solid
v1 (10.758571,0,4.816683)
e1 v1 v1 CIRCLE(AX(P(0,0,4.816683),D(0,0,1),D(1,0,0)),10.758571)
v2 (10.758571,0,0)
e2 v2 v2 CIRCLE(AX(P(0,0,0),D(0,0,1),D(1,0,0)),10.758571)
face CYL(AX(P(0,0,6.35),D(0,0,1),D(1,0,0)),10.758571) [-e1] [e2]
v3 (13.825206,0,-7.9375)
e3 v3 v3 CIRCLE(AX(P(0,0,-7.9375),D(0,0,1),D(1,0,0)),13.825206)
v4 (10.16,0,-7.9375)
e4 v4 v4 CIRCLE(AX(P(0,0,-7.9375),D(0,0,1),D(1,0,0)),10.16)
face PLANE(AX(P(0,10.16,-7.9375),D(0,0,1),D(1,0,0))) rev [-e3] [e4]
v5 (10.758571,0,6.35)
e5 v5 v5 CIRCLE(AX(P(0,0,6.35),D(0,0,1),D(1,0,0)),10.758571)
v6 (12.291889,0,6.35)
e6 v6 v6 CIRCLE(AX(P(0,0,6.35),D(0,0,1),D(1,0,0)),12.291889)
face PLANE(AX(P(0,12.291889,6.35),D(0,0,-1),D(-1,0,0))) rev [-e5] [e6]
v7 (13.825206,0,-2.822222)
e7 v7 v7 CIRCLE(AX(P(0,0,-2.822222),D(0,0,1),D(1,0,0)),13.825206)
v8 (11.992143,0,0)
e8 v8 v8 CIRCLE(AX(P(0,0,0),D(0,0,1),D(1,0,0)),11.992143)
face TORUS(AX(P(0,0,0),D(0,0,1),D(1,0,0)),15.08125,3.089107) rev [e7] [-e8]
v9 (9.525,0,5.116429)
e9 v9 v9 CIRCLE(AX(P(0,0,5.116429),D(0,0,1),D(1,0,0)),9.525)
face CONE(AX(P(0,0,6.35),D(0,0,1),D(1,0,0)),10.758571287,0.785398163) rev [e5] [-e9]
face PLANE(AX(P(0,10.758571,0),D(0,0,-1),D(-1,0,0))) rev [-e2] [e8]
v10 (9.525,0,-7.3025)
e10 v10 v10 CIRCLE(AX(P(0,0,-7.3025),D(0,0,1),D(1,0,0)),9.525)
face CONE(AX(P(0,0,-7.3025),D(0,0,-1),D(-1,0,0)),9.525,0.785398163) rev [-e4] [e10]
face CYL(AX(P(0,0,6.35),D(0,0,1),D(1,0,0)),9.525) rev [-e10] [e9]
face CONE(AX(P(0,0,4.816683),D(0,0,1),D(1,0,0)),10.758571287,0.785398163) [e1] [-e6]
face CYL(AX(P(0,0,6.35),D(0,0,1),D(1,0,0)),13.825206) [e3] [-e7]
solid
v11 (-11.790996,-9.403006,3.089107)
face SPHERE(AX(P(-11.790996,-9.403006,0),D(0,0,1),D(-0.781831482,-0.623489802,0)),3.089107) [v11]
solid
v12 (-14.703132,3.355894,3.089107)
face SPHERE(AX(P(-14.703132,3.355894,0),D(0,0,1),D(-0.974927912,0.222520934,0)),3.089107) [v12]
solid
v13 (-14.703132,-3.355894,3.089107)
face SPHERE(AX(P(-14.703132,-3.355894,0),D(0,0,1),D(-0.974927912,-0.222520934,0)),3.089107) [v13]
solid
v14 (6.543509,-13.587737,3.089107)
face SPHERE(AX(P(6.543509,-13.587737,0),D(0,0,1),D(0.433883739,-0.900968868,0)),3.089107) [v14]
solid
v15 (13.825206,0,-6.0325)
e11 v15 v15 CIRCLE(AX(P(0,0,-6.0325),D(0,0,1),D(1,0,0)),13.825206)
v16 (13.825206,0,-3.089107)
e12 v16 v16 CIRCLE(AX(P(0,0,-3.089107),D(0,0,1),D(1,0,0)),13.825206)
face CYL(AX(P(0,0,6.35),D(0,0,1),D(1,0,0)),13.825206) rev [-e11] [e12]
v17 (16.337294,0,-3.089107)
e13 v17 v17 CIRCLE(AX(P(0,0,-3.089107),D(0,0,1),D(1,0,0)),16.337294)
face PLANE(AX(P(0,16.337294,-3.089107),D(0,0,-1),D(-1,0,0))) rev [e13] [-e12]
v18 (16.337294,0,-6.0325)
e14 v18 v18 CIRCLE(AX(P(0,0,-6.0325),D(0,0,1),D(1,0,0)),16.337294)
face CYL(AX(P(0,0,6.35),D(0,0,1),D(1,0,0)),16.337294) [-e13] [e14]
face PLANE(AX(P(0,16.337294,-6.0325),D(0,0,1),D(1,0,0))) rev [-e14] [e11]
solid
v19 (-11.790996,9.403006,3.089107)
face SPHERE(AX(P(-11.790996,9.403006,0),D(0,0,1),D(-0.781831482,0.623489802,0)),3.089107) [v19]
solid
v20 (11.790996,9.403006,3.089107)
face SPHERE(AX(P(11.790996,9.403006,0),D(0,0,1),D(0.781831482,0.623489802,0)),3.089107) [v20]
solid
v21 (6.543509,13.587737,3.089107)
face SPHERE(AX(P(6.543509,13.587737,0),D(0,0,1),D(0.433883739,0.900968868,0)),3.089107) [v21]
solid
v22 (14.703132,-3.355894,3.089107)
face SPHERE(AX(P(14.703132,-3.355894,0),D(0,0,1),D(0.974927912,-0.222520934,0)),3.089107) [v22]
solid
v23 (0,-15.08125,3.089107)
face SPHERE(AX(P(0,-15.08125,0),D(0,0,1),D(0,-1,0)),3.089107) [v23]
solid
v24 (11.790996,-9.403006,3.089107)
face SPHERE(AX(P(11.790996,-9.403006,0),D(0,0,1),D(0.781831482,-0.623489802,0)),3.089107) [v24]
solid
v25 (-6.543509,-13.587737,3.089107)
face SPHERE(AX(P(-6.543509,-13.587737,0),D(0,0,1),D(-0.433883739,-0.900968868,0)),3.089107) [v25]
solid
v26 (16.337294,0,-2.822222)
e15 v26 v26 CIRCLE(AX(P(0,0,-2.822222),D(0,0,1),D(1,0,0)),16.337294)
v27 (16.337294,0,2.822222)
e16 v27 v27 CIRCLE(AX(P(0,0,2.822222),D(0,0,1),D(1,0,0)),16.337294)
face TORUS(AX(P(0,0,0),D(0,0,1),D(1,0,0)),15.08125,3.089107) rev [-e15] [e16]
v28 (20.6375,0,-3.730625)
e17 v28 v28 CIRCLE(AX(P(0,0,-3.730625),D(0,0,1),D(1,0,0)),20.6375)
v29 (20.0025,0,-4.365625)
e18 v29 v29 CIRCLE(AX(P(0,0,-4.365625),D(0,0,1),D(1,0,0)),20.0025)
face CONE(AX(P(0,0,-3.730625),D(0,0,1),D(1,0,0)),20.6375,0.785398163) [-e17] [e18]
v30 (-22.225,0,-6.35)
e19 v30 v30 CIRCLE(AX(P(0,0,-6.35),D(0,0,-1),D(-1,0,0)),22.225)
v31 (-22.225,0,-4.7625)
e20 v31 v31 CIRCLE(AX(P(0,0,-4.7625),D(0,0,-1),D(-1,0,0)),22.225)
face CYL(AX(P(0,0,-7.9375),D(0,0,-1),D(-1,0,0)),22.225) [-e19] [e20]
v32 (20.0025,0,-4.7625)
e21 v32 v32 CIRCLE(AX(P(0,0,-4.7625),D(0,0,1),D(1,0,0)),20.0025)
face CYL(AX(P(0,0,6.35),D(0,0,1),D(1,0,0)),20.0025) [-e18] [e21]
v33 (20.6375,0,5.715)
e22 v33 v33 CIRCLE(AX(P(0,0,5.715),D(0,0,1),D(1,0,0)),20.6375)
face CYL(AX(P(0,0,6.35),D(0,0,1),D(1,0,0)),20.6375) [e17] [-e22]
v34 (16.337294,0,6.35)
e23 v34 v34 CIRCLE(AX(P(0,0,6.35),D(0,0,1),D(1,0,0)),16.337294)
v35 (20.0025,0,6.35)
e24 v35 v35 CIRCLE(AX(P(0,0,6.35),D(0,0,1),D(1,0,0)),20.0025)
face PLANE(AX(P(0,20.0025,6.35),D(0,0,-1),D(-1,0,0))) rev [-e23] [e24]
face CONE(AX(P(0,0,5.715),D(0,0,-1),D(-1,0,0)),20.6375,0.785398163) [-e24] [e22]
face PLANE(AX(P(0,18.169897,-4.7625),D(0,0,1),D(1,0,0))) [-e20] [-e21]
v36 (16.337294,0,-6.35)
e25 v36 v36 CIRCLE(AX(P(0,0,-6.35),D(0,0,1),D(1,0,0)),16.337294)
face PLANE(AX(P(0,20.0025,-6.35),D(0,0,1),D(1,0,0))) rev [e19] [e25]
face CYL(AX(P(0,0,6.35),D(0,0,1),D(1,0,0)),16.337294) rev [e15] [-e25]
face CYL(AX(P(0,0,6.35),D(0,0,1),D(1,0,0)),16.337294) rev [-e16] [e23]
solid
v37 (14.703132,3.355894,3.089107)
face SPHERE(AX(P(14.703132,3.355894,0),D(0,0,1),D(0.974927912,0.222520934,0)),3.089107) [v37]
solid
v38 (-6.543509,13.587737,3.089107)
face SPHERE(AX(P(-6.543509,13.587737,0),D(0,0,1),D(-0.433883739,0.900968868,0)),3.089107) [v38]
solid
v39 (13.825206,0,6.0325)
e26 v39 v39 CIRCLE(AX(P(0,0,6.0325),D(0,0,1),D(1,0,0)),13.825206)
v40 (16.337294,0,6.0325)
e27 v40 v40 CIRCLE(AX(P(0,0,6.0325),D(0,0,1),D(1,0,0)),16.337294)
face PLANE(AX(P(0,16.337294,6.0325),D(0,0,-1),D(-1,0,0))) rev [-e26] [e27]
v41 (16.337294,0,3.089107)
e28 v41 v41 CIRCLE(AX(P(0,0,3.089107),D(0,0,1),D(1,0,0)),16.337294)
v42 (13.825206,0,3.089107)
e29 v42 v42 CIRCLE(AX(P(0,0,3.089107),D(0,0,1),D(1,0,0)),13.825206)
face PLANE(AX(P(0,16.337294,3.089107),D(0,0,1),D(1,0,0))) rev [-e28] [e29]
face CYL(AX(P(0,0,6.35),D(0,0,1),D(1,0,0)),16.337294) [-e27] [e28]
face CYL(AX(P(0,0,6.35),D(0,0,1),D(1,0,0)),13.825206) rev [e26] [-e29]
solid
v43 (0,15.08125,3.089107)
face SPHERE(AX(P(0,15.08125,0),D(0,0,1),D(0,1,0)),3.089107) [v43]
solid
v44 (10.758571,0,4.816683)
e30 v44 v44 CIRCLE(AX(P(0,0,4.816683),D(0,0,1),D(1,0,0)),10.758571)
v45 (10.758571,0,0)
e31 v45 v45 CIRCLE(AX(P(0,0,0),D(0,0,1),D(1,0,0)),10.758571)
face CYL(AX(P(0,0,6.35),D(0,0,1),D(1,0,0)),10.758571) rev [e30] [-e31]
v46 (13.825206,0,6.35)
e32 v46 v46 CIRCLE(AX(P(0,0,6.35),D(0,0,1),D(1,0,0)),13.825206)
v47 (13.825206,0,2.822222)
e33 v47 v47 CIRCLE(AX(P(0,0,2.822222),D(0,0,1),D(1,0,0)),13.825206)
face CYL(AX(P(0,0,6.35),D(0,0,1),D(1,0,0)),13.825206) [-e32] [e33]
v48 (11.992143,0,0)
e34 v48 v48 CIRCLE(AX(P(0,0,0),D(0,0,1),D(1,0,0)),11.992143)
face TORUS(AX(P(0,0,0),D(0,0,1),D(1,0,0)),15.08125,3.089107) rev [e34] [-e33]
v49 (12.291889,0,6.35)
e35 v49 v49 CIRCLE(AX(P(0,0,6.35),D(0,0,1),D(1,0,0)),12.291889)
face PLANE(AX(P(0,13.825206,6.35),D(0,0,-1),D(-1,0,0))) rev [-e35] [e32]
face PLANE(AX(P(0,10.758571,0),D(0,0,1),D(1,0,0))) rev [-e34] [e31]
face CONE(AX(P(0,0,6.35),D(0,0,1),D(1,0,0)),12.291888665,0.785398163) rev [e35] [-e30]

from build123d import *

# Parameters (mm, degrees)
SKETCH5_W         = 1.5875
SKETCH5_H         = 4.055103022
CIRPATTERN1_COUNT = 14
SKETCH7_W         = 2.943392574
SKETCH7_H         = 2.512087912


with BuildPart() as part:
    # Sketch1 → Revolve1 (revolve)
    with BuildSketch(Plane(origin=(0, 0, 0), x_dir=(0, 0, -1), z_dir=(1, 0, 0))):
        with BuildLine():
            Line((5.715, 20.6375), (-5.715, 20.6375))
            Line((-5.715, 20.6375), (-6.35, 20.0025))
            Line((-6.35, 20.0025), (-6.35, 16.337293956))
            Line((-6.35, 16.337293956), (-2.822222222, 16.337293956))
            ThreePointArc((-2.822222222, 16.337293956), (0, 18.170357426), (2.822222222, 16.337293956))
            Line((2.822222222, 16.337293956), (6.35, 16.337293956))
            Line((6.35, 16.337293956), (6.35, 20.0025))
            Line((6.35, 20.0025), (5.715, 20.6375))
        make_face()
    revolve(axis=Axis((0, 0, 6.35), (0, 0, -1)))

    # Sketch5 → Revolve5 (revolve)
    with BuildSketch(Plane(origin=(0, 0, 0), x_dir=(0, 0, -1), z_dir=(1, 0, 0))):
        with Locations((5.55625, 20.197448489)):
            Rectangle(SKETCH5_W, SKETCH5_H)
    revolve(axis=Axis((0, 0, -7.9375), (0, 0, 1)))

    # Sketch6 → Cut-Revolve1 (revolve, cut)
    with BuildSketch(Plane(origin=(0, 0, 0), x_dir=(0, 0, -1), z_dir=(1, 0, 0))):
        Polygon((3.730625, 20.6375), (4.365625, 20.0025), (4.7625, 20.0025), (4.7625, 20.6375), align=None)
    revolve(axis=Axis((0, 0, 6.35), (0, 0, -1)), mode=Mode.SUBTRACT)


with BuildPart() as body_2:
    # Sketch2 → Revolve2 (revolve)
    with BuildSketch(Plane(origin=(0, 0, 0), x_dir=(0, 0, -1), z_dir=(1, 0, 0))):
        with BuildLine():
            Line((-6.35, 13.825206044), (-2.822222222, 13.825206044))
            ThreePointArc((-2.822222222, 13.825206044), (-1.682636321, 12.490628511), (0, 11.992142574))
            Line((0, 11.992142574), (0, 10.758571287))
            Line((0, 10.758571287), (-4.816682621, 10.758571287))
            Line((-4.816682621, 10.758571287), (-6.35, 12.291888665))
            Line((-6.35, 12.291888665), (-6.35, 13.825206044))
        make_face()
    revolve(axis=Axis((0, 0, 6.35), (0, 0, -1)))


with BuildPart() as body_3:
    # Sketch3 → Revolve3 (revolve)
    with BuildSketch(Plane(origin=(0, 0, 0), x_dir=(0, 0, -1), z_dir=(1, 0, 0))):
        with BuildLine():
            Line((-6.35, 12.291888665), (-4.816682621, 10.758571287))
            Line((-4.816682621, 10.758571287), (0, 10.758571287))
            Line((0, 10.758571287), (0, 11.992142574))
            ThreePointArc((0, 11.992142574), (1.682636321, 12.490628511), (2.822222222, 13.825206044))
            Line((2.822222222, 13.825206044), (7.9375, 13.825206044))
            Line((7.9375, 13.825206044), (7.9375, 10.16))
            Line((7.9375, 10.16), (7.3025, 9.525))
            Line((7.3025, 9.525), (-5.116428713, 9.525))
            Line((-5.116428713, 9.525), (-6.35, 10.758571287))
            Line((-6.35, 10.758571287), (-6.35, 12.291888665))
        make_face()
    revolve(axis=Axis((0, 0, 6.35), (0, 0, -1)))


with BuildPart() as body_4:
    # Sketch4 → Revolve4 (revolve)
    with BuildSketch(Plane(origin=(0, 0, 0), x_dir=(0, 0, -1), z_dir=(1, 0, 0))):
        with BuildLine():
            Line((-3.089107426, 15.08125), (3.089107426, 15.08125))
            ThreePointArc((3.089107426, 15.08125), (0, 18.170357426), (-3.089107426, 15.08125))
        make_face()
    revolve(axis=Axis((0, 15.08125, 3.089107426), (0, 0, -1)))


with BuildPart() as cirpattern1_1:
    # CirPattern1: pattern copy
    add(body_4.part.rotate(Axis((0, 0, -6.35), (0, 0, 1)), 1 * 360 / CIRPATTERN1_COUNT))


with BuildPart() as cirpattern1_2:
    # CirPattern1: pattern copy
    add(body_4.part.rotate(Axis((0, 0, -6.35), (0, 0, 1)), 2 * 360 / CIRPATTERN1_COUNT))


with BuildPart() as cirpattern1_3:
    # CirPattern1: pattern copy
    add(body_4.part.rotate(Axis((0, 0, -6.35), (0, 0, 1)), 3 * 360 / CIRPATTERN1_COUNT))


with BuildPart() as cirpattern1_4:
    # CirPattern1: pattern copy
    add(body_4.part.rotate(Axis((0, 0, -6.35), (0, 0, 1)), 4 * 360 / CIRPATTERN1_COUNT))


with BuildPart() as cirpattern1_5:
    # CirPattern1: pattern copy
    add(body_4.part.rotate(Axis((0, 0, -6.35), (0, 0, 1)), 5 * 360 / CIRPATTERN1_COUNT))


with BuildPart() as cirpattern1_6:
    # CirPattern1: pattern copy
    add(body_4.part.rotate(Axis((0, 0, -6.35), (0, 0, 1)), 6 * 360 / CIRPATTERN1_COUNT))


with BuildPart() as cirpattern1_7:
    # CirPattern1: pattern copy
    add(body_4.part.rotate(Axis((0, 0, -6.35), (0, 0, 1)), 7 * 360 / CIRPATTERN1_COUNT))


with BuildPart() as cirpattern1_8:
    # CirPattern1: pattern copy
    add(body_4.part.rotate(Axis((0, 0, -6.35), (0, 0, 1)), 8 * 360 / CIRPATTERN1_COUNT))


with BuildPart() as cirpattern1_9:
    # CirPattern1: pattern copy
    add(body_4.part.rotate(Axis((0, 0, -6.35), (0, 0, 1)), 9 * 360 / CIRPATTERN1_COUNT))


with BuildPart() as cirpattern1_10:
    # CirPattern1: pattern copy
    add(body_4.part.rotate(Axis((0, 0, -6.35), (0, 0, 1)), 10 * 360 / CIRPATTERN1_COUNT))


with BuildPart() as cirpattern1_11:
    # CirPattern1: pattern copy
    add(body_4.part.rotate(Axis((0, 0, -6.35), (0, 0, 1)), 11 * 360 / CIRPATTERN1_COUNT))


with BuildPart() as cirpattern1_12:
    # CirPattern1: pattern copy
    add(body_4.part.rotate(Axis((0, 0, -6.35), (0, 0, 1)), 12 * 360 / CIRPATTERN1_COUNT))


with BuildPart() as cirpattern1_13:
    # CirPattern1: pattern copy
    add(body_4.part.rotate(Axis((0, 0, -6.35), (0, 0, 1)), 13 * 360 / CIRPATTERN1_COUNT))


with BuildPart() as body_18:
    # Sketch7 → Revolve6 (revolve)
    with BuildSketch(Plane(origin=(0, 0, 0), x_dir=(0, 0, -1), z_dir=(1, 0, 0))):
        with Locations((-4.560803713, 15.08125)):
            Rectangle(SKETCH7_W, SKETCH7_H)
        with Locations((4.560803713, 15.08125)):
            Rectangle(SKETCH7_W, SKETCH7_H)
    revolve(axis=Axis((0, 0, 6.35), (0, 0, -1)))


solid = Compound([part.part, body_2.part, body_3.part, body_4.part, cirpattern1_1.part, cirpattern1_2.part, cirpattern1_3.part, cirpattern1_4.part, cirpattern1_5.part, cirpattern1_6.part, cirpattern1_7.part, cirpattern1_8.part, cirpattern1_9.part, cirpattern1_10.part, cirpattern1_11.part, cirpattern1_12.part, cirpattern1_13.part, body_18.part])
